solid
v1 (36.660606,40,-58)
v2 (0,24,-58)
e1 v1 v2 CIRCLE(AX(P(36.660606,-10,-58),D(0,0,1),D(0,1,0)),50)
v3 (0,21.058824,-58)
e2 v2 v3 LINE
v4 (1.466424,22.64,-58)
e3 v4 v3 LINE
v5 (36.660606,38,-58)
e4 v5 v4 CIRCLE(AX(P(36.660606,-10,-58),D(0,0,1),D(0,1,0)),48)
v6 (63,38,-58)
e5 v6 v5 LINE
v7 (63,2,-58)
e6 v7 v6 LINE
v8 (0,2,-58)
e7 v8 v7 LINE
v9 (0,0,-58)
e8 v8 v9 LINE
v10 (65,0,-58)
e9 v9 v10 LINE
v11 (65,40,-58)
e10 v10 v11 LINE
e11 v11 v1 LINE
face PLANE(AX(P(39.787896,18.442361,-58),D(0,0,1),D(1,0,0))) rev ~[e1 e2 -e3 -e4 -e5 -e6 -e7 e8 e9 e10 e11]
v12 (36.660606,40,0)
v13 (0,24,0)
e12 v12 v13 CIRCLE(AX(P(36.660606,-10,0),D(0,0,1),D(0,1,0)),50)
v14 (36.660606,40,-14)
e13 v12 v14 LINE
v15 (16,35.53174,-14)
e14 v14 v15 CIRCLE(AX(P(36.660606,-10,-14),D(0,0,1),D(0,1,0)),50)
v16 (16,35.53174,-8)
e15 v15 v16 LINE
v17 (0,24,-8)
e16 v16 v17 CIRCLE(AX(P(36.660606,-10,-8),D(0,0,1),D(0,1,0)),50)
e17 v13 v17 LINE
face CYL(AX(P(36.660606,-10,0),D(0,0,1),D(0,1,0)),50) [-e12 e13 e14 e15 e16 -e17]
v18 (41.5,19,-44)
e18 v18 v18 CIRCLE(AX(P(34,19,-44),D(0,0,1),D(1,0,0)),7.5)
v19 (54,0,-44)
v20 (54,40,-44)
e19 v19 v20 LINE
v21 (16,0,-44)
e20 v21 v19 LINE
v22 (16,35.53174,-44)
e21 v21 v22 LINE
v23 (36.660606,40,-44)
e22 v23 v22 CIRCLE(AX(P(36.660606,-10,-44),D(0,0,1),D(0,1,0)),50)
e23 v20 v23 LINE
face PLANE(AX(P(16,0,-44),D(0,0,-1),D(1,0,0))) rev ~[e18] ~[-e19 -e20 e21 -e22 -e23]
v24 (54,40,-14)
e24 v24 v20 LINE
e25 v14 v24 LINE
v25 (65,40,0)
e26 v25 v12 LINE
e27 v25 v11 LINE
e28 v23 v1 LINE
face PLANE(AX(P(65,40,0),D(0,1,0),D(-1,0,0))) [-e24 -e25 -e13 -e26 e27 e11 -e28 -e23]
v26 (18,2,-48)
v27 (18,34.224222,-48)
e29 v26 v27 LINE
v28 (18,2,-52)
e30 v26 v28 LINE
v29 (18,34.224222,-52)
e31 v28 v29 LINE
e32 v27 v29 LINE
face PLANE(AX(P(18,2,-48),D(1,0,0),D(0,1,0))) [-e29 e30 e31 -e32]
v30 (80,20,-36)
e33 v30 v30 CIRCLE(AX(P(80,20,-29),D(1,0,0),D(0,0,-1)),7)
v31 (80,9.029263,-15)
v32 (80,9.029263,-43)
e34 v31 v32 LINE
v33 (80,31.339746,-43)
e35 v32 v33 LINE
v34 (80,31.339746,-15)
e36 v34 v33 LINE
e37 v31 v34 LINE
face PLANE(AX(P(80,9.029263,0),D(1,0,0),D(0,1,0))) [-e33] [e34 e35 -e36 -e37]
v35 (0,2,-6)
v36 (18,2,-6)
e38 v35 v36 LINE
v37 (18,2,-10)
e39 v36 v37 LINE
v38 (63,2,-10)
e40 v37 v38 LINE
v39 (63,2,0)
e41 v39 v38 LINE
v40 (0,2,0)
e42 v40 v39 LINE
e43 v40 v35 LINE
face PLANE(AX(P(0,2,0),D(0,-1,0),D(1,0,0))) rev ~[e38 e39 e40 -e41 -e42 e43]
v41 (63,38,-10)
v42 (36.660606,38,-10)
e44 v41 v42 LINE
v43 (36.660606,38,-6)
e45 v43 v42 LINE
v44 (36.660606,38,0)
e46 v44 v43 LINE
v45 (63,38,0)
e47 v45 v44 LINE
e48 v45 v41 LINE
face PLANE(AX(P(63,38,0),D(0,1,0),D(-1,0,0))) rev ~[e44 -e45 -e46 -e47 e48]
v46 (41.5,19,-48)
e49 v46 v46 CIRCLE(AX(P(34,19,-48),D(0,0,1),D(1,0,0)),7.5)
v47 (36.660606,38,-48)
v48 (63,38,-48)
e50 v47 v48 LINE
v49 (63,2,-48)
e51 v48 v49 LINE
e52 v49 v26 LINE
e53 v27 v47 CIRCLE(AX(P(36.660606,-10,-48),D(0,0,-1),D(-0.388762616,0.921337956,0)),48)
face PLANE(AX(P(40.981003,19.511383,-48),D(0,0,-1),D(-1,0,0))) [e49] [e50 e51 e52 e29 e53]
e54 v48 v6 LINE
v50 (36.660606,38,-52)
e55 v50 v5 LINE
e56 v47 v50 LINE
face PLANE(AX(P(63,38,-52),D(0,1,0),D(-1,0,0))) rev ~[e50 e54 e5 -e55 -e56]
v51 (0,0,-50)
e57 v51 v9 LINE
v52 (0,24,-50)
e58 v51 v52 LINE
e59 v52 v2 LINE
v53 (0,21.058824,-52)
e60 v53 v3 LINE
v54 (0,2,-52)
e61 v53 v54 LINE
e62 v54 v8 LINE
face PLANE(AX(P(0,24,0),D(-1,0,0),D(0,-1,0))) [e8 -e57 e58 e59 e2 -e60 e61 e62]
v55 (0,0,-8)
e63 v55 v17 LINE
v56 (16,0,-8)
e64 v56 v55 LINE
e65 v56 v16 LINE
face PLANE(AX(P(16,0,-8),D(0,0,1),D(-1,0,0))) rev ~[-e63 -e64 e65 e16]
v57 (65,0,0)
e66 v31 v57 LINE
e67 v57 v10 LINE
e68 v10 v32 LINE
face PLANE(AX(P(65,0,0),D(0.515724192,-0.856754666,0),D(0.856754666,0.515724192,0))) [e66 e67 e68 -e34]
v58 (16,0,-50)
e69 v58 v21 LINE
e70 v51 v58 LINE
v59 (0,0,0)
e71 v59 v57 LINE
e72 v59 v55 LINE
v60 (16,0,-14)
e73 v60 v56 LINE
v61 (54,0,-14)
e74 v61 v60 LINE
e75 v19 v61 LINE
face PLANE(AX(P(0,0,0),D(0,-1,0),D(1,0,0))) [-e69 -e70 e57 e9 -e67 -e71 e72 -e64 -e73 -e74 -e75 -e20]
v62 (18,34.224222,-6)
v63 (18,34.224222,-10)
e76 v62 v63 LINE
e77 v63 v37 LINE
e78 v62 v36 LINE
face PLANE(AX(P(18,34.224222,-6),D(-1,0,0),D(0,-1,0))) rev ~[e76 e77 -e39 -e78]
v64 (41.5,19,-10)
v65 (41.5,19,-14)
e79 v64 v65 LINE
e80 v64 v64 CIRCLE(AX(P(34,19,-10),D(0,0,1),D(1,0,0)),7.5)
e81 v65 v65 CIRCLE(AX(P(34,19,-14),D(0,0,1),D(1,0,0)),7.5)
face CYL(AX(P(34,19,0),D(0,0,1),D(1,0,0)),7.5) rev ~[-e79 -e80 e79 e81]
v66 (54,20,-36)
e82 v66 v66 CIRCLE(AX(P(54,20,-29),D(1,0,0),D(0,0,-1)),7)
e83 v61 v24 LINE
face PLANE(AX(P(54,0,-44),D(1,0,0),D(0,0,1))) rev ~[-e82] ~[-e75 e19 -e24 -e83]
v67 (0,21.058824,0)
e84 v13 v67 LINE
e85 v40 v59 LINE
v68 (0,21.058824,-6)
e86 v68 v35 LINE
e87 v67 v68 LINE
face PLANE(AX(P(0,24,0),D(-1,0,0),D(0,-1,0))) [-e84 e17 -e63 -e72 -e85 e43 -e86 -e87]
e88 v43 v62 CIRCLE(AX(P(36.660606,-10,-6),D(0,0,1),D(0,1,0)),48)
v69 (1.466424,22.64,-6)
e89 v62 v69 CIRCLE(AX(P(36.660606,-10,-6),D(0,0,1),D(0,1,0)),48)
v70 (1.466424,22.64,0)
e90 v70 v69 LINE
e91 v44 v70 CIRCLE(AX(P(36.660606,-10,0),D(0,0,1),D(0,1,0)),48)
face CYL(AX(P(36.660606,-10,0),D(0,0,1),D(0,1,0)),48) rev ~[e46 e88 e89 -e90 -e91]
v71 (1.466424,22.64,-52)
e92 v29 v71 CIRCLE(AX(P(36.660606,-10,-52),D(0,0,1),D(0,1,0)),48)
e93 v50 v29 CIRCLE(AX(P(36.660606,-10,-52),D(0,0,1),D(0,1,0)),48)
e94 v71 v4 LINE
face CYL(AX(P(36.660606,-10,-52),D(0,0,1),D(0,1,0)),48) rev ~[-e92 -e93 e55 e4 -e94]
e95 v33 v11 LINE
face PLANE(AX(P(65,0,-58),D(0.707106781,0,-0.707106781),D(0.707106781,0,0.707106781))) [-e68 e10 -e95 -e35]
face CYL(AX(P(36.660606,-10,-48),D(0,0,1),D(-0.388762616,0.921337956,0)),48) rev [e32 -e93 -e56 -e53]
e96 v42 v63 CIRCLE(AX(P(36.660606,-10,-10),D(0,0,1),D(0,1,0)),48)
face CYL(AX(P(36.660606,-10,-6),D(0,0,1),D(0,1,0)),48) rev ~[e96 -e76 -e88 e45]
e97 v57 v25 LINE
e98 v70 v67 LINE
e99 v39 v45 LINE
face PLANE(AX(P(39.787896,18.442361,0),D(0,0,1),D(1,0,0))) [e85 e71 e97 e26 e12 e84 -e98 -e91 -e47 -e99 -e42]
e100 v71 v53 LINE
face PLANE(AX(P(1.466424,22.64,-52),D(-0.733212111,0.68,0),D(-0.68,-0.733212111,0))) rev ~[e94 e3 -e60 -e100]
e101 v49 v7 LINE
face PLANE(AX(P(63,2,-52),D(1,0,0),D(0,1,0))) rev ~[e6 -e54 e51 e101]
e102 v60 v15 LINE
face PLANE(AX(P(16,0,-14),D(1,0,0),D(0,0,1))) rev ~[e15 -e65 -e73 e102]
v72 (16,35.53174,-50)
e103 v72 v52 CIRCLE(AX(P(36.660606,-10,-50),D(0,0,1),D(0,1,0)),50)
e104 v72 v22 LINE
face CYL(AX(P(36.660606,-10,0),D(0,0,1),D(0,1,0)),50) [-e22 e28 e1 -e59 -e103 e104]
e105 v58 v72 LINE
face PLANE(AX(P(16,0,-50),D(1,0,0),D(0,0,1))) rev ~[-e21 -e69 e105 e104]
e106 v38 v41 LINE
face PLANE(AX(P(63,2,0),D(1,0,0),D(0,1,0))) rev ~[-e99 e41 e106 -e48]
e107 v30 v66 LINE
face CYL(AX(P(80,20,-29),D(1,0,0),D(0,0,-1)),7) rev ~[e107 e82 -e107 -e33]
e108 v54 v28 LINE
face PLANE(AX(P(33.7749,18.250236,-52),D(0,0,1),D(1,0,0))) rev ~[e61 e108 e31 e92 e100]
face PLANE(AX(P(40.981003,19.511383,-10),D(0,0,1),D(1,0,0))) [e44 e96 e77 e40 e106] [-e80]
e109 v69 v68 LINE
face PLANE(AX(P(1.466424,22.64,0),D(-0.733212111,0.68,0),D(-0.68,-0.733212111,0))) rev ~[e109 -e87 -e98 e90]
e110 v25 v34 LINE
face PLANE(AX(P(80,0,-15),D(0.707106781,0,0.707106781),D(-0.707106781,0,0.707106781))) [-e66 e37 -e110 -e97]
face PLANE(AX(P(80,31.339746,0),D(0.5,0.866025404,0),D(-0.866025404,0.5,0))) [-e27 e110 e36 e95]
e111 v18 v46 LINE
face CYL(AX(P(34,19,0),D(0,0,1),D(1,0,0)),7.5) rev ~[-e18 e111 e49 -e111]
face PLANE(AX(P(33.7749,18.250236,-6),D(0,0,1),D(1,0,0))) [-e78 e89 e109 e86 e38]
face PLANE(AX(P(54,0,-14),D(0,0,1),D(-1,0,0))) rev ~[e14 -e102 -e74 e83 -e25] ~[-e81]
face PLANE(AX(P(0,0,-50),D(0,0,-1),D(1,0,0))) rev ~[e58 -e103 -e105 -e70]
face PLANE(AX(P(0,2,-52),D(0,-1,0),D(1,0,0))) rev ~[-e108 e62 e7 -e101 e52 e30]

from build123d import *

# Parameters (mm, degrees)
BOSS_EXTRUDE1_DEPTH = 58
SKETCH3_R           = 7.5
CUT_EXTRUDE1_DEPTH  = 107.60206377
CUT_EXTRUDE2_DEPTH  = 107.60206377
CUT_EXTRUDE3_DEPTH  = 107.60206377
SKETCH6_R           = 7
CUT_EXTRUDE4_DEPTH  = 107.60206377
CUT_EXTRUDE5_DEPTH  = 6
CUT_EXTRUDE6_DEPTH  = 4
CUT_EXTRUDE7_START  = -6
CUT_EXTRUDE7_DEPTH  = 6
CUT_EXTRUDE8_START  = -4
CUT_EXTRUDE8_DEPTH  = 4


with BuildPart() as part:
    # Sketch2 → Boss-Extrude1 (new body)
    with BuildSketch(Plane.XY):
        with BuildLine():
            Line((0, 0), (65, 0))
            Line((65, 0), (80, 9.029262631))
            Line((80, 9.029262631), (80, 31.339745962))
            Line((80, 31.339745962), (65, 40))
            Line((65, 40), (36.66060556, 40))
            ThreePointArc((36.66060556, 40), (16.66060556, 35.82575695), (0, 24))
            Line((0, 24), (0, 0))
        make_face()
    extrude(amount=-BOSS_EXTRUDE1_DEPTH)

    # Sketch3 → Cut-Extrude1 (cut, through all)
    with BuildSketch(Plane.XY):
        with Locations((34, 19)):
            Circle(SKETCH3_R)
    extrude(amount=-CUT_EXTRUDE1_DEPTH, mode=Mode.SUBTRACT)

    # Sketch4 → Cut-Extrude2 (cut, through all)
    with BuildSketch(Plane(origin=(0, 0, 0), x_dir=(1, 0, 0), z_dir=(0, 1, 0))):
        Polygon((65, 58), (80, 43), (80, 58), align=None)
        Polygon((80, 0), (80, 15), (65, 0), align=None)
    extrude(amount=CUT_EXTRUDE2_DEPTH, mode=Mode.SUBTRACT)

    # Sketch5 → Cut-Extrude3 (cut, through all)
    with BuildSketch(Plane.XZ):
        Polygon((0, -8), (0, -50), (16, -50), (16, -44), (54, -44), (54, -14), (16, -14), (16, -8), align=None)
    extrude(amount=-CUT_EXTRUDE3_DEPTH, mode=Mode.SUBTRACT)

    # Sketch6 → Cut-Extrude4 (cut, through all)
    with BuildSketch(Plane(origin=(80, 0, 0), x_dir=(0, 0, -1), z_dir=(1, 0, 0))):
        with Locations((29, 20)):
            Circle(SKETCH6_R)
    extrude(amount=-CUT_EXTRUDE4_DEPTH, mode=Mode.SUBTRACT)

    # Sketch8 → Cut-Extrude5 (cut)
    with BuildSketch(Plane.XY):
        with BuildLine():
            Line((1.466424222, 22.64), (0, 21.058823529))
            Line((0, 21.058823529), (0, 2))
            Line((0, 2), (63, 2))
            Line((63, 2), (63, 38))
            Line((63, 38), (36.66060556, 38))
            ThreePointArc((36.66060556, 38), (17.46060556, 33.992726672), (1.466424222, 22.64))
        make_face()
    extrude(amount=-CUT_EXTRUDE5_DEPTH, mode=Mode.SUBTRACT)

    # Sketch9 → Cut-Extrude6 (cut)
    with BuildSketch(Plane.XY.offset(-6)):
        with BuildLine():
            Line((18, 2), (63, 2))
            Line((63, 2), (63, 38))
            Line((63, 38), (36.66060556, 38))
            ThreePointArc((36.66060556, 38), (27.141221384, 37.046586751), (18, 34.224221872))
            Line((18, 34.224221872), (18, 2))
        make_face()
    extrude(amount=-CUT_EXTRUDE6_DEPTH, mode=Mode.SUBTRACT)

    # Sketch10 → Cut-Extrude7 (cut)
    with BuildSketch(Plane(origin=(0, 0, -58), x_dir=(-1, 0, 0), z_dir=(0, 0, -1)).offset(CUT_EXTRUDE7_START)):
        with BuildLine():
            Line((-1.466424222, 22.64), (0, 21.058823529))
            Line((0, 21.058823529), (0, 2))
            Line((0, 2), (-63, 2))
            Line((-63, 2), (-63, 38))
            Line((-63, 38), (-36.66060556, 38))
            ThreePointArc((-36.66060556, 38), (-17.46060556, 33.992726672), (-1.466424222, 22.64))
        make_face()
    extrude(amount=CUT_EXTRUDE7_DEPTH, mode=Mode.SUBTRACT)

    # Sketch11 → Cut-Extrude8 (cut)
    with BuildSketch(Plane(origin=(0, 0, -52), x_dir=(-1, 0, 0), z_dir=(0, 0, -1)).offset(CUT_EXTRUDE8_START)):
        with BuildLine():
            Line((-63, 38), (-63, 2))
            Line((-63, 2), (-18, 2))
            Line((-18, 2), (-18, 34.224221872))
            ThreePointArc((-18, 34.224221872), (-27.141221384, 37.046586751), (-36.66060556, 38))
            Line((-36.66060556, 38), (-63, 38))
        make_face()
    extrude(amount=CUT_EXTRUDE8_DEPTH, mode=Mode.SUBTRACT)


solid = part.part
